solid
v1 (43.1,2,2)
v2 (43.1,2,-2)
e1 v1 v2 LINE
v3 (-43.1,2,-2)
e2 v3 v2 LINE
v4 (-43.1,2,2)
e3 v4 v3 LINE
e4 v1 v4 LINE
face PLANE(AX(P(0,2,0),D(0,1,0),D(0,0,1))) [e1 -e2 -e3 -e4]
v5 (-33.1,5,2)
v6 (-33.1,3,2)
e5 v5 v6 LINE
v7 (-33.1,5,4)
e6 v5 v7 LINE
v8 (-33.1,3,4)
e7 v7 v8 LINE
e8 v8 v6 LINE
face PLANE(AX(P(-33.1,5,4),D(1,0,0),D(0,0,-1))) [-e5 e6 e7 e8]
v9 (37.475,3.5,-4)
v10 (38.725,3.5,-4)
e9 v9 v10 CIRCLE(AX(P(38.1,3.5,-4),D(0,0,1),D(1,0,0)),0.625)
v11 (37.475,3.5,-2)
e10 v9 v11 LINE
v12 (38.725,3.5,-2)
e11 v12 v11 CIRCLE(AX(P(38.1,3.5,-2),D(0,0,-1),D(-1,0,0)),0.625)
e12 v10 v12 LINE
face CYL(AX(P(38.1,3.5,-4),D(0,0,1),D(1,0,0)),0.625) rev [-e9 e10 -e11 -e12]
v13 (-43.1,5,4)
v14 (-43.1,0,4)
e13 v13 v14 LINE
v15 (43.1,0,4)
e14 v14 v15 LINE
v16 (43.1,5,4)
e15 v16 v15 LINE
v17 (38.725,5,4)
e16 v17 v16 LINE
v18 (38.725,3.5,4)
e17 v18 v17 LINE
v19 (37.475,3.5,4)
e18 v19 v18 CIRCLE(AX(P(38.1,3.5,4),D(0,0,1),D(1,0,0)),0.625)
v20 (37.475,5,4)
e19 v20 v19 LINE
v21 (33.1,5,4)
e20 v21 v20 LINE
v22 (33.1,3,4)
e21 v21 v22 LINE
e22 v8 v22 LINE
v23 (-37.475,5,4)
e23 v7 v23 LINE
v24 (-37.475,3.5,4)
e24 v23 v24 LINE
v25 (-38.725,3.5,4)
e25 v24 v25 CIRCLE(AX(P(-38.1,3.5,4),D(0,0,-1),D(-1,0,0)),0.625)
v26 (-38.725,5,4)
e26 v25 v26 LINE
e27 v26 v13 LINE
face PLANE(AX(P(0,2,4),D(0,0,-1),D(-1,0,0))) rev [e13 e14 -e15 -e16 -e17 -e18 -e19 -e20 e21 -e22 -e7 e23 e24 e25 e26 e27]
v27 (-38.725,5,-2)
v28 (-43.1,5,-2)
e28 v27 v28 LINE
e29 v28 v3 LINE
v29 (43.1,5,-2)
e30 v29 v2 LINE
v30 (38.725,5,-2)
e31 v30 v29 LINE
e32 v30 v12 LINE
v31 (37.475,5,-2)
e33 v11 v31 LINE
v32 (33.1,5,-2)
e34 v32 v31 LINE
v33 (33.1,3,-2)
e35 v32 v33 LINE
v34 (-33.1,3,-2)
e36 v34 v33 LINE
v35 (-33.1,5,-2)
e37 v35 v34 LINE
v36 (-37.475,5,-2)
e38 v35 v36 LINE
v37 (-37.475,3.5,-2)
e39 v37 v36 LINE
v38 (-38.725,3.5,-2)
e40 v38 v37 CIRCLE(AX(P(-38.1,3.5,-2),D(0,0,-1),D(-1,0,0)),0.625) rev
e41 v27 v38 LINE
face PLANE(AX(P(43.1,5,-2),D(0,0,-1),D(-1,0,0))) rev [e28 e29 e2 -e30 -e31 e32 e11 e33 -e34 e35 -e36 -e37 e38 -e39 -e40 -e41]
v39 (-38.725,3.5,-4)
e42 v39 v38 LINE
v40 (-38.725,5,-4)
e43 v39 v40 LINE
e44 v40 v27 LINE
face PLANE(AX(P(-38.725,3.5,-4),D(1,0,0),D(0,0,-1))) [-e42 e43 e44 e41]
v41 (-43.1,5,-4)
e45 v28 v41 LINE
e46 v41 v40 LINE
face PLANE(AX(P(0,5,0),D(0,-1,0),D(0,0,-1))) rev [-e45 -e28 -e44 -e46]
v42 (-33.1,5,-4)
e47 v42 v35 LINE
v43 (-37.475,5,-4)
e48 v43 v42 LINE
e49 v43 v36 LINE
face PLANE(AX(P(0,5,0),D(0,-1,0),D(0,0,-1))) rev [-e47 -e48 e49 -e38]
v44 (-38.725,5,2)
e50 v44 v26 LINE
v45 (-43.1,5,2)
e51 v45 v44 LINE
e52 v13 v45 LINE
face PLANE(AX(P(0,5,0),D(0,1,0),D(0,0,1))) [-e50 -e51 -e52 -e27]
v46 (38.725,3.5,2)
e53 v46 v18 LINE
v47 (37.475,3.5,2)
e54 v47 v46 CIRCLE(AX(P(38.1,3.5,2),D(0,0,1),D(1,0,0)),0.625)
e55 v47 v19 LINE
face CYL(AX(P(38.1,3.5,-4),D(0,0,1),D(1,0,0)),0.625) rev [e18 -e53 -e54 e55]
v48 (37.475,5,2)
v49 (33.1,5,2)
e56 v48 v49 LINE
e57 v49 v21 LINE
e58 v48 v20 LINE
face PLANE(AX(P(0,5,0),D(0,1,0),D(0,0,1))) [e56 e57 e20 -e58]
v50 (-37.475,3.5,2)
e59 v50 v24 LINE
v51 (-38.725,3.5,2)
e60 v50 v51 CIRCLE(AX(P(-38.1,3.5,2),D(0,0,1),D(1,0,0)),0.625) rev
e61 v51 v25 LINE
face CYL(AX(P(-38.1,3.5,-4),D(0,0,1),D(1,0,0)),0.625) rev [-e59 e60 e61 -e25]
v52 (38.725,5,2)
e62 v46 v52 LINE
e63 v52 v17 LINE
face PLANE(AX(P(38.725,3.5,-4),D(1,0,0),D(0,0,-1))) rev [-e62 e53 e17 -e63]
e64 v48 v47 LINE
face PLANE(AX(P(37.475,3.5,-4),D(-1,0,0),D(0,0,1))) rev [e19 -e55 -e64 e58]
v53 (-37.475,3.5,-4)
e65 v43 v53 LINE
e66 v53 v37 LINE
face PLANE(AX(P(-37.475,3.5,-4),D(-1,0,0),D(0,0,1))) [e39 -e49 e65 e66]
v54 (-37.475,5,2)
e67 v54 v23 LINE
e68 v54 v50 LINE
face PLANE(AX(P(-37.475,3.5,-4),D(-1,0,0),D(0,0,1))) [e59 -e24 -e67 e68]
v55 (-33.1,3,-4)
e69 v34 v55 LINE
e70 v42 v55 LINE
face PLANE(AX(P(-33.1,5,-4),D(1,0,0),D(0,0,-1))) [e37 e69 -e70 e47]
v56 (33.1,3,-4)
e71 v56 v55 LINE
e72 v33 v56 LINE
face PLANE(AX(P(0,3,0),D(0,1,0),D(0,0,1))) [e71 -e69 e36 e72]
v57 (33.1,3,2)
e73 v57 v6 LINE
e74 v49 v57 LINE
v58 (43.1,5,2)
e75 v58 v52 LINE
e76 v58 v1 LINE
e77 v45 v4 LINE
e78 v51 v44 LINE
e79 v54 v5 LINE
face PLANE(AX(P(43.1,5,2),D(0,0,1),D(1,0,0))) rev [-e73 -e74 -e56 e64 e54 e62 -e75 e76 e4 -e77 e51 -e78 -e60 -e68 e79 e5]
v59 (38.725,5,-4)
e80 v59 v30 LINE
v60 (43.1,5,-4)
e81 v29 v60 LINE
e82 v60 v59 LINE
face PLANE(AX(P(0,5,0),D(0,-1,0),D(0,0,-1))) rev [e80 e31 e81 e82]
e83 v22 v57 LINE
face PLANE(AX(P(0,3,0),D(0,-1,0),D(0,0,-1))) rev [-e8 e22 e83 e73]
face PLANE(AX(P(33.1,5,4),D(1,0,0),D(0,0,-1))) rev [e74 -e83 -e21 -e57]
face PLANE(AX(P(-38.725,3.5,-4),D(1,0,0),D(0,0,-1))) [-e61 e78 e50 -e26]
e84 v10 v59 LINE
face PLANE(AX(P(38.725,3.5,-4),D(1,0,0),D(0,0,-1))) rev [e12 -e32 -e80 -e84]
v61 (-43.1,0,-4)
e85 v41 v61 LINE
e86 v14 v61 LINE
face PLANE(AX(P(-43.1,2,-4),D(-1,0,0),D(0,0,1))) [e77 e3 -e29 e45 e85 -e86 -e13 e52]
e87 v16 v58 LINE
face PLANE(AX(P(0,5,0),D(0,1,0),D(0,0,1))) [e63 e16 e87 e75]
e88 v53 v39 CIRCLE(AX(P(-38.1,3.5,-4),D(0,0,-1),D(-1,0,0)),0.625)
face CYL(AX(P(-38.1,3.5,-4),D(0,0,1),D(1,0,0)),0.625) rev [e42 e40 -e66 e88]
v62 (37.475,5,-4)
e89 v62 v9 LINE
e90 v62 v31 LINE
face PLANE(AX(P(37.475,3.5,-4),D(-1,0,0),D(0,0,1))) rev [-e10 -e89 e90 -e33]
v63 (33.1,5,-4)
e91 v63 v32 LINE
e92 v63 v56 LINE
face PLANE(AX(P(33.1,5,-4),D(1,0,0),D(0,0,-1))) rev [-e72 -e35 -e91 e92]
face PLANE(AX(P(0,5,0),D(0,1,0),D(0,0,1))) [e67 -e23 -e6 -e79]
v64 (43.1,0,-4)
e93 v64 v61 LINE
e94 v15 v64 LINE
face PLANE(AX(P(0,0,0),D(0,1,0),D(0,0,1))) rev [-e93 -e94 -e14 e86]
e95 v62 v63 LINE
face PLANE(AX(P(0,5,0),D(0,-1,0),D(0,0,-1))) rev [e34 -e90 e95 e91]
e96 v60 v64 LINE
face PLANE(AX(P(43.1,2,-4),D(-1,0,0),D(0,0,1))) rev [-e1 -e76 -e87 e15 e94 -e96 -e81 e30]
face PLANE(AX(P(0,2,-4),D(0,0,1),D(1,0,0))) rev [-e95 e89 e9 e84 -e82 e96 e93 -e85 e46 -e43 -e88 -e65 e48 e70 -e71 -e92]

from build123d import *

# Parameters (mm, degrees)
SKETCH1_W           = 43.1
SKETCH1_H           = 8
BOSS_EXTRUDE1_DEPTH = 2
SKETCH2_W           = 10
SKETCH2_H           = 2
BOSS_EXTRUDE2_DEPTH = 3
SKETCH3_W           = 33.1
SKETCH3_H           = 2
BOSS_EXTRUDE3_DEPTH = 1
CUT_EXTRUDE1_DEPTH  = 45.120403443


with BuildPart() as part:
    # Sketch1 → Boss-Extrude1 (new body)
    with BuildSketch(Plane(origin=(0, 0, 0), x_dir=(1, 0, 0), z_dir=(0, 1, 0))):
        with Locations((21.55, 0)):
            Rectangle(SKETCH1_W, SKETCH1_H)
    boss_extrude1 = extrude(amount=BOSS_EXTRUDE1_DEPTH)

    # Sketch2 → Boss-Extrude2 (add)
    with BuildSketch(Plane(origin=(0, 2, 0), x_dir=(1, 0, 0), z_dir=(0, 1, 0))):
        with Locations((38.1, -3)):
            Rectangle(SKETCH2_W, SKETCH2_H)
        with Locations((38.1, 3)):
            Rectangle(SKETCH2_W, SKETCH2_H)
    boss_extrude2 = extrude(amount=BOSS_EXTRUDE2_DEPTH)

    # Sketch3 → Boss-Extrude3 (add)
    with BuildSketch(Plane(origin=(0, 2, 0), x_dir=(1, 0, 0), z_dir=(0, 1, 0))):
        with Locations((16.55, -3)):
            Rectangle(SKETCH3_W, SKETCH3_H)
        with Locations((16.55, 3)):
            Rectangle(SKETCH3_W, SKETCH3_H)
    boss_extrude3 = extrude(amount=BOSS_EXTRUDE3_DEPTH)

    # Sketch4 → Cut-Extrude1 (cut, through all)
    with BuildSketch(Plane.XY.offset(4)):
        with BuildLine():
            Line((37.475, 3.5), (37.475, 5))
            Line((37.475, 5), (38.725, 5))
            Line((38.725, 5), (38.725, 3.5))
            ThreePointArc((38.725, 3.5), (38.1, 2.875), (37.475, 3.5))
        make_face()
    cut_extrude1 = extrude(amount=-CUT_EXTRUDE1_DEPTH, mode=Mode.SUBTRACT)

    # Mirror1: Boss-Extrude1, Boss-Extrude2, Boss-Extrude3, Cut-Extrude1 across plane
    add(boss_extrude1.mirror(Plane(origin=(0, 0, 0), x_dir=(0, 0, 1), z_dir=(1, 0, 0))))
    add(boss_extrude2.mirror(Plane(origin=(0, 0, 0), x_dir=(0, 0, 1), z_dir=(1, 0, 0))))
    add(boss_extrude3.mirror(Plane(origin=(0, 0, 0), x_dir=(0, 0, 1), z_dir=(1, 0, 0))))
    add(cut_extrude1.mirror(Plane(origin=(0, 0, 0), x_dir=(0, 0, 1), z_dir=(1, 0, 0))), mode=Mode.SUBTRACT)


solid = part.part
